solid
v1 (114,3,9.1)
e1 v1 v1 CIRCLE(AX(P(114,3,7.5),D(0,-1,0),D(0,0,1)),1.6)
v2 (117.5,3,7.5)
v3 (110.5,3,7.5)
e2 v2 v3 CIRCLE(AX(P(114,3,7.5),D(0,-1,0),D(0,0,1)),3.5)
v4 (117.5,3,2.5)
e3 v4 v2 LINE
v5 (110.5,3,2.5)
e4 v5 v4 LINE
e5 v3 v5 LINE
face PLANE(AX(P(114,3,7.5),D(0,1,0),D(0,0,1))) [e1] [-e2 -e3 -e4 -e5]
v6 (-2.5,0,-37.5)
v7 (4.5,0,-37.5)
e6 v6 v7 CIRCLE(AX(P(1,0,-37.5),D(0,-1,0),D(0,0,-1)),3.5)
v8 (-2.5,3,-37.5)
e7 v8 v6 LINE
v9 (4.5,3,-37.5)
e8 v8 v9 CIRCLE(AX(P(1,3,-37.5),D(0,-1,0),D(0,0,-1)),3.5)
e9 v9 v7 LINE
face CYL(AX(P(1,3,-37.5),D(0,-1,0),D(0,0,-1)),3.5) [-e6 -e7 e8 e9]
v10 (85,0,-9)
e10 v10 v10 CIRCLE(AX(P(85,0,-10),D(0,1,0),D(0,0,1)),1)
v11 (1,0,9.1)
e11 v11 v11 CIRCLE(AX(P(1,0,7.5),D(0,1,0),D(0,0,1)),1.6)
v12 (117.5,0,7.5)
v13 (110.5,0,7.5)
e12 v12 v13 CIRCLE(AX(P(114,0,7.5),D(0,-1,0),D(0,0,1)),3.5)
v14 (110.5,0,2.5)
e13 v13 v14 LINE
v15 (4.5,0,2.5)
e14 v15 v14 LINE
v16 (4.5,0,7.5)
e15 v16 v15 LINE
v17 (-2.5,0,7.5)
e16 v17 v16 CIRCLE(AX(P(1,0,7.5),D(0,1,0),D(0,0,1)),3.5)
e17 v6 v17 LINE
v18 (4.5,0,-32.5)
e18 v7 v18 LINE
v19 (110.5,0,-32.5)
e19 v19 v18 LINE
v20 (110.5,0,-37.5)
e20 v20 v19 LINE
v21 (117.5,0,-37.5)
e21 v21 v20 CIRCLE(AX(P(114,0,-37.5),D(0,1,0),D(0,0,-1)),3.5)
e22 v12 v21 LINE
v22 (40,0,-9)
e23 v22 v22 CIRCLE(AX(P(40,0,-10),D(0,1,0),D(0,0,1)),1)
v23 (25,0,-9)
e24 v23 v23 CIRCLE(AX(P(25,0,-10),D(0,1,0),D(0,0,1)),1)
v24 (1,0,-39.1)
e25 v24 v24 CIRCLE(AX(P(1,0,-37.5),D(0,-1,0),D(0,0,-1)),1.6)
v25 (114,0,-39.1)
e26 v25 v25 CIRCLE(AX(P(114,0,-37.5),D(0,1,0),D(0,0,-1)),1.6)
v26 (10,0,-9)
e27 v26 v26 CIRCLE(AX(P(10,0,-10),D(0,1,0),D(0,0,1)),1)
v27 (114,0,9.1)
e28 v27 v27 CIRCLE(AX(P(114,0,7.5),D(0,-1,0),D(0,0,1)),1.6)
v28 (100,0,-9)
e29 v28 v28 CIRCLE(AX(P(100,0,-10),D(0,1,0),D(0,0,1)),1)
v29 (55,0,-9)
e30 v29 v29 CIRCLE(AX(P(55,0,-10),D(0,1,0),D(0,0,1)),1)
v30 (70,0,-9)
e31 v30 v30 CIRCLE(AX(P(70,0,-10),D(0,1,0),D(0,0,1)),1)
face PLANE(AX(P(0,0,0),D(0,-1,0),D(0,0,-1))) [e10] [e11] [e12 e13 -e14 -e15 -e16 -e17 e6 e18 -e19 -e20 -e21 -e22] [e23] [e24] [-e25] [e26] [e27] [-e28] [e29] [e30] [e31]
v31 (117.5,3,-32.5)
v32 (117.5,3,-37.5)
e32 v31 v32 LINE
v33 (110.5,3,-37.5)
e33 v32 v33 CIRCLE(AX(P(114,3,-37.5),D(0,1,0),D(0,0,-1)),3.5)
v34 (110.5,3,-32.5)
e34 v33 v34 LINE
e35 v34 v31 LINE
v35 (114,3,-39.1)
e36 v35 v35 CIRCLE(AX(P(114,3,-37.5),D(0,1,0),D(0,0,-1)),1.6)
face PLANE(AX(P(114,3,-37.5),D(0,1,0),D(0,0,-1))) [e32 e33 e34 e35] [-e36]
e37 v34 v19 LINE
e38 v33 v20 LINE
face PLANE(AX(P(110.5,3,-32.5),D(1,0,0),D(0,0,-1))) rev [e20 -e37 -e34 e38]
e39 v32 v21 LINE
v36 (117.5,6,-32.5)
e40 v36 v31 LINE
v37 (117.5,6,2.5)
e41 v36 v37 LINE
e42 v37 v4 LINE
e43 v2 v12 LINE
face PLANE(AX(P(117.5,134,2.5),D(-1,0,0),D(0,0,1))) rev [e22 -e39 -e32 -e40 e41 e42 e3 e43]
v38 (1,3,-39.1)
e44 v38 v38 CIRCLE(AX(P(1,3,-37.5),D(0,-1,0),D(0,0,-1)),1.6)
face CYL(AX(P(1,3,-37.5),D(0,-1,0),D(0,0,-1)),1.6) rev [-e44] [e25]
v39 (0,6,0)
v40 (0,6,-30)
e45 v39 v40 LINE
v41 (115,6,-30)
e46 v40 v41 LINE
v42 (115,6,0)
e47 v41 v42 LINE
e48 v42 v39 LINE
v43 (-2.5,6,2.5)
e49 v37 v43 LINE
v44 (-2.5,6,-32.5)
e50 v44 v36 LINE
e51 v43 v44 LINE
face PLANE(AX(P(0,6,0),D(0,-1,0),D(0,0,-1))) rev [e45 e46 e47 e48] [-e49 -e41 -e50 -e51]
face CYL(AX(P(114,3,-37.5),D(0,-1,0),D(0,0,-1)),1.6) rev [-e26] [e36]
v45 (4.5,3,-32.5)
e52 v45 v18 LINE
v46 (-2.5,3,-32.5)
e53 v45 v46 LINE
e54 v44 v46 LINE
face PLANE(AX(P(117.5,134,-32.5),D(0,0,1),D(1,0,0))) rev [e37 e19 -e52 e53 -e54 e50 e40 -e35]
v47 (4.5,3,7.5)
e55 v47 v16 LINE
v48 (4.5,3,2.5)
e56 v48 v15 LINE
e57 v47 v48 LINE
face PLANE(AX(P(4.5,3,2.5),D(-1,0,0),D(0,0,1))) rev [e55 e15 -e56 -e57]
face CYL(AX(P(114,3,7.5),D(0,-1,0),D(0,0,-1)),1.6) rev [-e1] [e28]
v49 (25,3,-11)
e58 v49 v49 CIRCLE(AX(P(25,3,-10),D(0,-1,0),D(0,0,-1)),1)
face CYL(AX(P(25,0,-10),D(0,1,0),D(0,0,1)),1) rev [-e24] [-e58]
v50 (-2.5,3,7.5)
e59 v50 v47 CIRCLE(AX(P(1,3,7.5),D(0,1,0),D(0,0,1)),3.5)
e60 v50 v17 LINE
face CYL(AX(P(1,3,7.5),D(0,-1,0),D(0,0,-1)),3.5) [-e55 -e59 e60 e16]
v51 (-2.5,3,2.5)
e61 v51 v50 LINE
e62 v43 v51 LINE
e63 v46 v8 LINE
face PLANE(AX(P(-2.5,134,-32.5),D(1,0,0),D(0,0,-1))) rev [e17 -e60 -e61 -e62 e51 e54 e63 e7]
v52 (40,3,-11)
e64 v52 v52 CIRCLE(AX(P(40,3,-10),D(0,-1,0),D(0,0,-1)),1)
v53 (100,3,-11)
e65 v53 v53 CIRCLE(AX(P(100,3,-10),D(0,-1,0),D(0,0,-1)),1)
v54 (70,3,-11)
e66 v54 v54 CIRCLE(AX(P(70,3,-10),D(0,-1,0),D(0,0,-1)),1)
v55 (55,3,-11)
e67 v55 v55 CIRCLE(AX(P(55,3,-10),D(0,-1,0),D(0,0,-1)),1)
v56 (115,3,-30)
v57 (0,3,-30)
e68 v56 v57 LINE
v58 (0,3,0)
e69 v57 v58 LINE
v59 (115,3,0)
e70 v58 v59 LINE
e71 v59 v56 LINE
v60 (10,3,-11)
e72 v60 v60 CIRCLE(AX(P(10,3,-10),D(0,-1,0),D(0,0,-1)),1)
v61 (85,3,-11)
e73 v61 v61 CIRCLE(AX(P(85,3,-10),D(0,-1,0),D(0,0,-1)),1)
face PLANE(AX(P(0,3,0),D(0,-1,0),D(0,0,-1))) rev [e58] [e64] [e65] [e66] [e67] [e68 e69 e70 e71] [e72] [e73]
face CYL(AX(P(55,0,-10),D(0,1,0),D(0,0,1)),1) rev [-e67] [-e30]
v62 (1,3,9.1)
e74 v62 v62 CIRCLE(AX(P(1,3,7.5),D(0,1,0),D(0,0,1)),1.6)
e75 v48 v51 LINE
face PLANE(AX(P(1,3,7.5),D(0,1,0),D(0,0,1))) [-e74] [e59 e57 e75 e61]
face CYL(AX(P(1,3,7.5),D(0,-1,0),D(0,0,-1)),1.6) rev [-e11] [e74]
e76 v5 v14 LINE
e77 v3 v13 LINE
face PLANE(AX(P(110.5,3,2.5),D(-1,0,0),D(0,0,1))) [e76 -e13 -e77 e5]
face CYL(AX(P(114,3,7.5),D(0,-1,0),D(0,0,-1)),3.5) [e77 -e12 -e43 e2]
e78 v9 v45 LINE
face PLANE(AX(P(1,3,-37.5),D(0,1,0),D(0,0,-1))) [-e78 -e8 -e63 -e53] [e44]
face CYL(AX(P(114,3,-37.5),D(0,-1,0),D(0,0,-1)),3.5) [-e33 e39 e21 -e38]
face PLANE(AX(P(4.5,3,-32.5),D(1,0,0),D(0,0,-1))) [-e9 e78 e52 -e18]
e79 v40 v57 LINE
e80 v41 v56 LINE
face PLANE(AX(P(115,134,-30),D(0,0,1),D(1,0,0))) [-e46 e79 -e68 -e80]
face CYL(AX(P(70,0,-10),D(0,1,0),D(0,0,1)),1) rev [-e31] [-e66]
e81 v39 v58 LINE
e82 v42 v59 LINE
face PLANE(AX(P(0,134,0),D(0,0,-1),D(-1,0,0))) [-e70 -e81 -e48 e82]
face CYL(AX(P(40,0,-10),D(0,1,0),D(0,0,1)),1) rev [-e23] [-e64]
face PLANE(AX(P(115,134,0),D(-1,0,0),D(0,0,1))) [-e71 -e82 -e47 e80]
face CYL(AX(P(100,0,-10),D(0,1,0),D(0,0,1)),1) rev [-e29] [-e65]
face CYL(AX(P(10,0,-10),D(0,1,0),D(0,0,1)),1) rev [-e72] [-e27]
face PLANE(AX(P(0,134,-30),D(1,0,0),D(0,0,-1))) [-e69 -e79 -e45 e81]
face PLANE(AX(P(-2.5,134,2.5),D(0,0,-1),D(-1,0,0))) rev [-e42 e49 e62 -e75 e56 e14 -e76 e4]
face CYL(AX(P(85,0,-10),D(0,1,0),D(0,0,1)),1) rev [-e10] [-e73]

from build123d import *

# Parameters (mm, degrees)
SKETCH1_W               = 115
SKETCH1_H               = 30
BOSS_EXTRUDE1_DEPTH     = 3
SKETCH2_W               = 120
SKETCH2_H               = 35
SKETCH2_W_2             = 115
SKETCH2_H_2             = 30
BOSS_EXTRUDE3_DEPTH     = 6
SKETCH4_R               = 1
CUT_EXTRUDE1_DEPTH      = 4
LPATTERN1_COUNT         = 7
LPATTERN1_PITCH         = 15
SKETCH5_R               = 1.6
BOSS_EXTRUDE4_DEPTH     = 3
MIRROR2_COPY_1_SKETCH_R = 1.6
MIRROR2_COPY_1_DEPTH    = 3


with BuildPart() as part:
    # Sketch1 → Boss-Extrude1 (new body)
    with BuildSketch(Plane(origin=(0, 0, 0), x_dir=(1, 0, 0), z_dir=(0, 1, 0))):
        with Locations((57.5, 15)):
            Rectangle(SKETCH1_W, SKETCH1_H)
    extrude(amount=BOSS_EXTRUDE1_DEPTH)

    # Sketch2 → Boss-Extrude3 (add)
    with BuildSketch(Plane(origin=(0, 0, 0), x_dir=(1, 0, 0), z_dir=(0, 1, 0))):
        with Locations((57.5, 15)):
            Rectangle(SKETCH2_W, SKETCH2_H)
        with Locations((57.5, 15)):
            Rectangle(SKETCH2_W_2, SKETCH2_H_2, mode=Mode.SUBTRACT)
    extrude(amount=BOSS_EXTRUDE3_DEPTH)

    # Sketch4 → Cut-Extrude1 (cut, symmetric)
    with BuildSketch(Plane(origin=(0, 3, 0), x_dir=(1, 0, 0), z_dir=(0, 1, 0))):
        with Locations((10, 10)):
            Circle(SKETCH4_R)
    cut_extrude1 = extrude(amount=CUT_EXTRUDE1_DEPTH, both=True, mode=Mode.SUBTRACT)

    # LPattern1: Cut-Extrude1 ×7
    with Locations(*[(i * LPATTERN1_PITCH, 0, 0) for i in range(1, LPATTERN1_COUNT)]):
        add(cut_extrude1, mode=Mode.SUBTRACT)

    # Sketch5 → Boss-Extrude4 (add)
    with BuildSketch(Plane(origin=(0, 0, 0), x_dir=(1, 0, 0), z_dir=(0, 1, 0))):
        with BuildLine():
            Line((-2.5, -2.5), (-2.5, -7.5))
            ThreePointArc((-2.5, -7.5), (1, -11), (4.5, -7.5))
            Line((4.5, -7.5), (4.5, -2.5))
            Line((4.5, -2.5), (-2.5, -2.5))
        make_face()
        with Locations((1, -7.5)):
            Circle(SKETCH5_R, mode=Mode.SUBTRACT)
    boss_extrude4 = extrude(amount=BOSS_EXTRUDE4_DEPTH)

    # Mirror1: Boss-Extrude4 across plane
    add(boss_extrude4.mirror(Plane.XY.offset(-15)))

    # Mirror2: Boss-Extrude4 across plane
    add(boss_extrude4.mirror(Plane.ZY.offset(-57.5)))

    # Mirror2 copy 1 sketch → Mirror2 copy 1 (add)
    with BuildSketch(Plane(origin=(115, 0, -30), x_dir=(-1, 0, 0), z_dir=(0, 1, 0))):
        with BuildLine():
            Line((-2.5, -2.5), (-2.5, -7.5))
            ThreePointArc((-2.5, -7.5), (1, -11), (4.5, -7.5))
            Line((4.5, -7.5), (4.5, -2.5))
            Line((4.5, -2.5), (-2.5, -2.5))
        make_face()
        with Locations((1, -7.5)):
            Circle(MIRROR2_COPY_1_SKETCH_R, mode=Mode.SUBTRACT)
    extrude(amount=MIRROR2_COPY_1_DEPTH)


solid = part.part
